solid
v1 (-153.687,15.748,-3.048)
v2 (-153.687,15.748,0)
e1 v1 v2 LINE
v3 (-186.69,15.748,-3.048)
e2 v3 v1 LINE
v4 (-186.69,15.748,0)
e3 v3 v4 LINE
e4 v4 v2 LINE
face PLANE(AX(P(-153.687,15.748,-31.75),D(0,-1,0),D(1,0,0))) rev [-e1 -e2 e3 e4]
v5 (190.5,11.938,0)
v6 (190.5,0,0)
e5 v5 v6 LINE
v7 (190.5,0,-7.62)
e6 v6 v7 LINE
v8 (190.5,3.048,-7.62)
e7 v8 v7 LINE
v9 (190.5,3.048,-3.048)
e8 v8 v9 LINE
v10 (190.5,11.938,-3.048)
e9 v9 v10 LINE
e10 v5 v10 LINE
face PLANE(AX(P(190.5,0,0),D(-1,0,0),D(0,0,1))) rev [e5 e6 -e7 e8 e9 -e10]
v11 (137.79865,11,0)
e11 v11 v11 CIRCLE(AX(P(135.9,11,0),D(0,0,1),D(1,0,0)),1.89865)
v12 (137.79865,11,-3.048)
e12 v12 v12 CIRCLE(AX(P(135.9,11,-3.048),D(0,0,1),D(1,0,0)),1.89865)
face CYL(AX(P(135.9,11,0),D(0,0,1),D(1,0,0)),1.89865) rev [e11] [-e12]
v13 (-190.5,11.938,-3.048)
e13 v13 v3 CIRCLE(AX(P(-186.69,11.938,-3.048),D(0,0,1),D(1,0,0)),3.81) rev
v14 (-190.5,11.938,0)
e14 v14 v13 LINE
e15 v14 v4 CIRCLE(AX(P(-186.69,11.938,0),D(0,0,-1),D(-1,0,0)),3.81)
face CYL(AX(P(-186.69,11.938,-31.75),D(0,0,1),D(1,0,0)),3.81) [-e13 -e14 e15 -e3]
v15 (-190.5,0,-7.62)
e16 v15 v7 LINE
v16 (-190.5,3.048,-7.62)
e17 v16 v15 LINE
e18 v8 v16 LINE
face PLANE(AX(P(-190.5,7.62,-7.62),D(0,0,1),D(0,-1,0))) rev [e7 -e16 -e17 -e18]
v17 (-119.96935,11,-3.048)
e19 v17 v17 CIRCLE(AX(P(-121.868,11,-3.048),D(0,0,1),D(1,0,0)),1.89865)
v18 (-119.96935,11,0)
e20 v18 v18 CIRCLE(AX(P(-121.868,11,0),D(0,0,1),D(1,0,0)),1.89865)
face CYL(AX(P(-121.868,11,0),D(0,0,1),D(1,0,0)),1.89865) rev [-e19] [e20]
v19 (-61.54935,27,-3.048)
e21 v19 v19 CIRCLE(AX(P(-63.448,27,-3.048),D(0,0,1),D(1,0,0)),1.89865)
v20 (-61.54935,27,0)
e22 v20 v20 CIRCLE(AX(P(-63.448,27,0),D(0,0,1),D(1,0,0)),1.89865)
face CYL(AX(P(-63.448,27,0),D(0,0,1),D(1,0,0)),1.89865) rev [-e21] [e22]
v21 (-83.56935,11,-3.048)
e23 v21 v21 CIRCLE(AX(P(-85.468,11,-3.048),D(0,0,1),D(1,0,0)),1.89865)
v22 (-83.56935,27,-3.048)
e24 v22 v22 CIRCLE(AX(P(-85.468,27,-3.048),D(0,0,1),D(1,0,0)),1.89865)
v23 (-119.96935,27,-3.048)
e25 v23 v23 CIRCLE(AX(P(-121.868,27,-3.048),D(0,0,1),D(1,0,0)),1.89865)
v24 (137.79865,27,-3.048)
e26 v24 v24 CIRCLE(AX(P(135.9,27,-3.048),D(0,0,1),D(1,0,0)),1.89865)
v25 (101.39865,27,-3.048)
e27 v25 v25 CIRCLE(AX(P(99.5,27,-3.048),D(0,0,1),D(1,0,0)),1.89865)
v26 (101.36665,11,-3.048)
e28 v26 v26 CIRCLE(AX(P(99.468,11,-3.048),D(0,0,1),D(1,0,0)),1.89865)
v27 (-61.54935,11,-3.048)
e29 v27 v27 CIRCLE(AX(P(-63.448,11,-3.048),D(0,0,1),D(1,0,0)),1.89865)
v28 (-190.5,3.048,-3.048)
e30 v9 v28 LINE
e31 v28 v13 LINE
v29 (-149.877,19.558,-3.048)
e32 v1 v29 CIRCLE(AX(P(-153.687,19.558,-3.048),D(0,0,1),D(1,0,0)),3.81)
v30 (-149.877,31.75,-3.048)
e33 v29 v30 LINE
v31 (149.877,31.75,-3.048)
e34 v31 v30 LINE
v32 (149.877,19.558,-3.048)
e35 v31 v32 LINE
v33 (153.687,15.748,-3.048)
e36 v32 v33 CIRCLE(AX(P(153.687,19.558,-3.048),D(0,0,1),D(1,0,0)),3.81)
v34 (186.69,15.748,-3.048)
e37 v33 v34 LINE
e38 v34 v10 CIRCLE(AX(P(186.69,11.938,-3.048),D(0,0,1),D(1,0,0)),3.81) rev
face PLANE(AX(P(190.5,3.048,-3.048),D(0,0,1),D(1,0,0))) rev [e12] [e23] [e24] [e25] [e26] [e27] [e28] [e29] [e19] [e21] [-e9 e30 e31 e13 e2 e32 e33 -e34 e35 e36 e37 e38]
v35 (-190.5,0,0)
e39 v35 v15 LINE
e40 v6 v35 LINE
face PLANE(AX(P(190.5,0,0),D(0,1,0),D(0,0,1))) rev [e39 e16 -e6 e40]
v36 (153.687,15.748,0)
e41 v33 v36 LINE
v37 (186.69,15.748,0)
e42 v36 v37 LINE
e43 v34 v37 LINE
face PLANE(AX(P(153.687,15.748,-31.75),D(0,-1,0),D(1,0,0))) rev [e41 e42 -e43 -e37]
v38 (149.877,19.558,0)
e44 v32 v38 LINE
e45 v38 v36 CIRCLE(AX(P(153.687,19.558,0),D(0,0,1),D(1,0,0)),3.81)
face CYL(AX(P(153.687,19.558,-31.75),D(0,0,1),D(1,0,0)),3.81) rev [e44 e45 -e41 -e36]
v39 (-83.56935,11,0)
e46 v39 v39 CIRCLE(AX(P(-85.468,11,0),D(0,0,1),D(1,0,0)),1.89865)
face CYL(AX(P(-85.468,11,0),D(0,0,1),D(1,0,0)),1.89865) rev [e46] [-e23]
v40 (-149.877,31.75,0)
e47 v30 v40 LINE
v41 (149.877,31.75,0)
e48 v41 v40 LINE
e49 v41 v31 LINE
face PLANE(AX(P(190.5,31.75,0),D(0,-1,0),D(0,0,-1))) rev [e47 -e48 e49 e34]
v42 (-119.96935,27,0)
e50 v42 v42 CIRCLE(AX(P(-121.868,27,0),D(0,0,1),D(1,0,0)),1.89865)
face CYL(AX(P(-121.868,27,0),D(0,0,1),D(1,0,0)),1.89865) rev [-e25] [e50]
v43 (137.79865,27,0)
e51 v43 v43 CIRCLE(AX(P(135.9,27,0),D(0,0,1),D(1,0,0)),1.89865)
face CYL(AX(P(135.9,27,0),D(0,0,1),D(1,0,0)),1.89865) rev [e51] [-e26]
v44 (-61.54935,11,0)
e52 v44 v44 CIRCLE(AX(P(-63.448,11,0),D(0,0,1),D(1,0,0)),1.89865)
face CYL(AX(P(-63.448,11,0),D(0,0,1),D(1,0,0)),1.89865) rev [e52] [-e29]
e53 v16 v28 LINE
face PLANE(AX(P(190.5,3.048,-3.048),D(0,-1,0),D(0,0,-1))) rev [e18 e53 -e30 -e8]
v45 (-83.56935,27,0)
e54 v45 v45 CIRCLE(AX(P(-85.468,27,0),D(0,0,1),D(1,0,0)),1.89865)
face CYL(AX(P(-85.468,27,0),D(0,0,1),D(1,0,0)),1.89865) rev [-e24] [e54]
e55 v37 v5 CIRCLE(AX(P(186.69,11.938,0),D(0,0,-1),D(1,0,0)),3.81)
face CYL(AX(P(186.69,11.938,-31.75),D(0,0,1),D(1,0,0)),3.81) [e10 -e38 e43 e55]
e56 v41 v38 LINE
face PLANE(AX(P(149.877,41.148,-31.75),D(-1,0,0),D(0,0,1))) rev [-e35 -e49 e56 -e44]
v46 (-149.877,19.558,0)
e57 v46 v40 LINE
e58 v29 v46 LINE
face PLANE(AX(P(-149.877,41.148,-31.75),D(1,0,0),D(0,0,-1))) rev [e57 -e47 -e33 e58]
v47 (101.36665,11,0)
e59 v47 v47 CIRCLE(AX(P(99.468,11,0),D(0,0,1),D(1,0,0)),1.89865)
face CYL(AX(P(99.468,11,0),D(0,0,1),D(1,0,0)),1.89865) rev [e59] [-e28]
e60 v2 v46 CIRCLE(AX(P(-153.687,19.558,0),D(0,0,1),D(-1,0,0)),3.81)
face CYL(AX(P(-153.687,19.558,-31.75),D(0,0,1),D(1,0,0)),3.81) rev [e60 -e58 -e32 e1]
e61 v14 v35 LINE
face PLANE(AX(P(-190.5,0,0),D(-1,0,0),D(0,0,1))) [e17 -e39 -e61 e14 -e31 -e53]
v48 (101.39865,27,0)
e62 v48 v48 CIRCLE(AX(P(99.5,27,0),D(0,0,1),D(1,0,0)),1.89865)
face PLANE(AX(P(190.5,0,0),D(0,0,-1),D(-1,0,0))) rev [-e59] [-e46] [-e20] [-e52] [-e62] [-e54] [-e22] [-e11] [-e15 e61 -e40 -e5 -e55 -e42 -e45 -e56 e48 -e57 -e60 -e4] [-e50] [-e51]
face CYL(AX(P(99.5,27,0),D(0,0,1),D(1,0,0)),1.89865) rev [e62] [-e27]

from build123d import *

# Parameters (mm, degrees)
BOSS_EXTRUDE1_DEPTH     = 190.5
F_6_CLEARANCE_HOLE1_D   = 3.7973
CUT_EXTRUDE1_DEPTH      = 32.75
SKETCH6_W               = 25.4
SKETCH6_H               = 15.24
CUT_EXTRUDE2_DEPTH      = 191.5
CUT_EXTRUDE2_DEPTH_BACK = 191.5
F_6_CLEARANCE_HOLE2_D   = 3.7973


with BuildPart() as part:
    # Sketch1 → Boss-Extrude1 (new body, symmetric)
    with BuildSketch(Plane(origin=(0, 0, 0), x_dir=(0, 0, -1), z_dir=(1, 0, 0))):
        Polygon((0, 0), (31.75, 0), (31.75, 3.048), (3.048, 3.048), (3.048, 31.75), (0, 31.75), align=None)
    extrude(amount=BOSS_EXTRUDE1_DEPTH, both=True)

    # #6 Clearance Hole1 (through all)
    with Locations(Plane.XY):
        with Locations((135.9, 27), (135.9, 11), (99.5, 27), (99.468, 11), (-121.868, 27), (-121.868, 11), (-85.468, 11), (-85.468, 27)):
            Hole(F_6_CLEARANCE_HOLE1_D / 2)

    # Sketch5 → Cut-Extrude1 (cut, through all)
    with BuildSketch(Plane.XY):
        with BuildLine():
            Line((149.877, 41.148), (149.877, 19.558))
            ThreePointArc((149.877, 19.558), (150.992923164, 16.863923164), (153.687, 15.748))
            Line((153.687, 15.748), (186.69, 15.748))
            ThreePointArc((186.69, 15.748), (189.384076836, 14.632076836), (190.5, 11.938))
            Line((190.5, 11.938), (190.5, -9.652))
            Line((190.5, -9.652), (198.12, -9.652))
            Line((198.12, -9.652), (198.12, 41.148))
            Line((198.12, 41.148), (149.877, 41.148))
        make_face()
        with BuildLine():
            Line((-198.12, 41.148), (-149.877, 41.148))
            Line((-149.877, 41.148), (-149.877, 19.558))
            ThreePointArc((-149.877, 19.558), (-150.992923164, 16.863923164), (-153.687, 15.748))
            Line((-153.687, 15.748), (-186.69, 15.748))
            ThreePointArc((-186.69, 15.748), (-189.384076836, 14.632076836), (-190.5, 11.938))
            Line((-190.5, 11.938), (-190.5, -9.652))
            Line((-190.5, -9.652), (-198.12, -9.652))
            Line((-198.12, -9.652), (-198.12, 41.148))
        make_face()
    extrude(amount=-CUT_EXTRUDE1_DEPTH, mode=Mode.SUBTRACT)

    # Sketch6 → Cut-Extrude2 (cut, two sides)
    with BuildSketch(Plane(origin=(0, 0, 0), x_dir=(0, 0, -1), z_dir=(1, 0, 0))) as cut_extrude2_sk:
        with Locations((20.32, 0)):
            Rectangle(SKETCH6_W, SKETCH6_H)
    extrude(amount=CUT_EXTRUDE2_DEPTH, mode=Mode.SUBTRACT)
    extrude(cut_extrude2_sk.sketch, amount=-CUT_EXTRUDE2_DEPTH_BACK, mode=Mode.SUBTRACT)

    # #6 Clearance Hole2 (through all)
    with Locations(Plane.XY):
        with Locations((-63.448, 27), (-63.448, 11)):
            Hole(F_6_CLEARANCE_HOLE2_D / 2)


solid = part.part
